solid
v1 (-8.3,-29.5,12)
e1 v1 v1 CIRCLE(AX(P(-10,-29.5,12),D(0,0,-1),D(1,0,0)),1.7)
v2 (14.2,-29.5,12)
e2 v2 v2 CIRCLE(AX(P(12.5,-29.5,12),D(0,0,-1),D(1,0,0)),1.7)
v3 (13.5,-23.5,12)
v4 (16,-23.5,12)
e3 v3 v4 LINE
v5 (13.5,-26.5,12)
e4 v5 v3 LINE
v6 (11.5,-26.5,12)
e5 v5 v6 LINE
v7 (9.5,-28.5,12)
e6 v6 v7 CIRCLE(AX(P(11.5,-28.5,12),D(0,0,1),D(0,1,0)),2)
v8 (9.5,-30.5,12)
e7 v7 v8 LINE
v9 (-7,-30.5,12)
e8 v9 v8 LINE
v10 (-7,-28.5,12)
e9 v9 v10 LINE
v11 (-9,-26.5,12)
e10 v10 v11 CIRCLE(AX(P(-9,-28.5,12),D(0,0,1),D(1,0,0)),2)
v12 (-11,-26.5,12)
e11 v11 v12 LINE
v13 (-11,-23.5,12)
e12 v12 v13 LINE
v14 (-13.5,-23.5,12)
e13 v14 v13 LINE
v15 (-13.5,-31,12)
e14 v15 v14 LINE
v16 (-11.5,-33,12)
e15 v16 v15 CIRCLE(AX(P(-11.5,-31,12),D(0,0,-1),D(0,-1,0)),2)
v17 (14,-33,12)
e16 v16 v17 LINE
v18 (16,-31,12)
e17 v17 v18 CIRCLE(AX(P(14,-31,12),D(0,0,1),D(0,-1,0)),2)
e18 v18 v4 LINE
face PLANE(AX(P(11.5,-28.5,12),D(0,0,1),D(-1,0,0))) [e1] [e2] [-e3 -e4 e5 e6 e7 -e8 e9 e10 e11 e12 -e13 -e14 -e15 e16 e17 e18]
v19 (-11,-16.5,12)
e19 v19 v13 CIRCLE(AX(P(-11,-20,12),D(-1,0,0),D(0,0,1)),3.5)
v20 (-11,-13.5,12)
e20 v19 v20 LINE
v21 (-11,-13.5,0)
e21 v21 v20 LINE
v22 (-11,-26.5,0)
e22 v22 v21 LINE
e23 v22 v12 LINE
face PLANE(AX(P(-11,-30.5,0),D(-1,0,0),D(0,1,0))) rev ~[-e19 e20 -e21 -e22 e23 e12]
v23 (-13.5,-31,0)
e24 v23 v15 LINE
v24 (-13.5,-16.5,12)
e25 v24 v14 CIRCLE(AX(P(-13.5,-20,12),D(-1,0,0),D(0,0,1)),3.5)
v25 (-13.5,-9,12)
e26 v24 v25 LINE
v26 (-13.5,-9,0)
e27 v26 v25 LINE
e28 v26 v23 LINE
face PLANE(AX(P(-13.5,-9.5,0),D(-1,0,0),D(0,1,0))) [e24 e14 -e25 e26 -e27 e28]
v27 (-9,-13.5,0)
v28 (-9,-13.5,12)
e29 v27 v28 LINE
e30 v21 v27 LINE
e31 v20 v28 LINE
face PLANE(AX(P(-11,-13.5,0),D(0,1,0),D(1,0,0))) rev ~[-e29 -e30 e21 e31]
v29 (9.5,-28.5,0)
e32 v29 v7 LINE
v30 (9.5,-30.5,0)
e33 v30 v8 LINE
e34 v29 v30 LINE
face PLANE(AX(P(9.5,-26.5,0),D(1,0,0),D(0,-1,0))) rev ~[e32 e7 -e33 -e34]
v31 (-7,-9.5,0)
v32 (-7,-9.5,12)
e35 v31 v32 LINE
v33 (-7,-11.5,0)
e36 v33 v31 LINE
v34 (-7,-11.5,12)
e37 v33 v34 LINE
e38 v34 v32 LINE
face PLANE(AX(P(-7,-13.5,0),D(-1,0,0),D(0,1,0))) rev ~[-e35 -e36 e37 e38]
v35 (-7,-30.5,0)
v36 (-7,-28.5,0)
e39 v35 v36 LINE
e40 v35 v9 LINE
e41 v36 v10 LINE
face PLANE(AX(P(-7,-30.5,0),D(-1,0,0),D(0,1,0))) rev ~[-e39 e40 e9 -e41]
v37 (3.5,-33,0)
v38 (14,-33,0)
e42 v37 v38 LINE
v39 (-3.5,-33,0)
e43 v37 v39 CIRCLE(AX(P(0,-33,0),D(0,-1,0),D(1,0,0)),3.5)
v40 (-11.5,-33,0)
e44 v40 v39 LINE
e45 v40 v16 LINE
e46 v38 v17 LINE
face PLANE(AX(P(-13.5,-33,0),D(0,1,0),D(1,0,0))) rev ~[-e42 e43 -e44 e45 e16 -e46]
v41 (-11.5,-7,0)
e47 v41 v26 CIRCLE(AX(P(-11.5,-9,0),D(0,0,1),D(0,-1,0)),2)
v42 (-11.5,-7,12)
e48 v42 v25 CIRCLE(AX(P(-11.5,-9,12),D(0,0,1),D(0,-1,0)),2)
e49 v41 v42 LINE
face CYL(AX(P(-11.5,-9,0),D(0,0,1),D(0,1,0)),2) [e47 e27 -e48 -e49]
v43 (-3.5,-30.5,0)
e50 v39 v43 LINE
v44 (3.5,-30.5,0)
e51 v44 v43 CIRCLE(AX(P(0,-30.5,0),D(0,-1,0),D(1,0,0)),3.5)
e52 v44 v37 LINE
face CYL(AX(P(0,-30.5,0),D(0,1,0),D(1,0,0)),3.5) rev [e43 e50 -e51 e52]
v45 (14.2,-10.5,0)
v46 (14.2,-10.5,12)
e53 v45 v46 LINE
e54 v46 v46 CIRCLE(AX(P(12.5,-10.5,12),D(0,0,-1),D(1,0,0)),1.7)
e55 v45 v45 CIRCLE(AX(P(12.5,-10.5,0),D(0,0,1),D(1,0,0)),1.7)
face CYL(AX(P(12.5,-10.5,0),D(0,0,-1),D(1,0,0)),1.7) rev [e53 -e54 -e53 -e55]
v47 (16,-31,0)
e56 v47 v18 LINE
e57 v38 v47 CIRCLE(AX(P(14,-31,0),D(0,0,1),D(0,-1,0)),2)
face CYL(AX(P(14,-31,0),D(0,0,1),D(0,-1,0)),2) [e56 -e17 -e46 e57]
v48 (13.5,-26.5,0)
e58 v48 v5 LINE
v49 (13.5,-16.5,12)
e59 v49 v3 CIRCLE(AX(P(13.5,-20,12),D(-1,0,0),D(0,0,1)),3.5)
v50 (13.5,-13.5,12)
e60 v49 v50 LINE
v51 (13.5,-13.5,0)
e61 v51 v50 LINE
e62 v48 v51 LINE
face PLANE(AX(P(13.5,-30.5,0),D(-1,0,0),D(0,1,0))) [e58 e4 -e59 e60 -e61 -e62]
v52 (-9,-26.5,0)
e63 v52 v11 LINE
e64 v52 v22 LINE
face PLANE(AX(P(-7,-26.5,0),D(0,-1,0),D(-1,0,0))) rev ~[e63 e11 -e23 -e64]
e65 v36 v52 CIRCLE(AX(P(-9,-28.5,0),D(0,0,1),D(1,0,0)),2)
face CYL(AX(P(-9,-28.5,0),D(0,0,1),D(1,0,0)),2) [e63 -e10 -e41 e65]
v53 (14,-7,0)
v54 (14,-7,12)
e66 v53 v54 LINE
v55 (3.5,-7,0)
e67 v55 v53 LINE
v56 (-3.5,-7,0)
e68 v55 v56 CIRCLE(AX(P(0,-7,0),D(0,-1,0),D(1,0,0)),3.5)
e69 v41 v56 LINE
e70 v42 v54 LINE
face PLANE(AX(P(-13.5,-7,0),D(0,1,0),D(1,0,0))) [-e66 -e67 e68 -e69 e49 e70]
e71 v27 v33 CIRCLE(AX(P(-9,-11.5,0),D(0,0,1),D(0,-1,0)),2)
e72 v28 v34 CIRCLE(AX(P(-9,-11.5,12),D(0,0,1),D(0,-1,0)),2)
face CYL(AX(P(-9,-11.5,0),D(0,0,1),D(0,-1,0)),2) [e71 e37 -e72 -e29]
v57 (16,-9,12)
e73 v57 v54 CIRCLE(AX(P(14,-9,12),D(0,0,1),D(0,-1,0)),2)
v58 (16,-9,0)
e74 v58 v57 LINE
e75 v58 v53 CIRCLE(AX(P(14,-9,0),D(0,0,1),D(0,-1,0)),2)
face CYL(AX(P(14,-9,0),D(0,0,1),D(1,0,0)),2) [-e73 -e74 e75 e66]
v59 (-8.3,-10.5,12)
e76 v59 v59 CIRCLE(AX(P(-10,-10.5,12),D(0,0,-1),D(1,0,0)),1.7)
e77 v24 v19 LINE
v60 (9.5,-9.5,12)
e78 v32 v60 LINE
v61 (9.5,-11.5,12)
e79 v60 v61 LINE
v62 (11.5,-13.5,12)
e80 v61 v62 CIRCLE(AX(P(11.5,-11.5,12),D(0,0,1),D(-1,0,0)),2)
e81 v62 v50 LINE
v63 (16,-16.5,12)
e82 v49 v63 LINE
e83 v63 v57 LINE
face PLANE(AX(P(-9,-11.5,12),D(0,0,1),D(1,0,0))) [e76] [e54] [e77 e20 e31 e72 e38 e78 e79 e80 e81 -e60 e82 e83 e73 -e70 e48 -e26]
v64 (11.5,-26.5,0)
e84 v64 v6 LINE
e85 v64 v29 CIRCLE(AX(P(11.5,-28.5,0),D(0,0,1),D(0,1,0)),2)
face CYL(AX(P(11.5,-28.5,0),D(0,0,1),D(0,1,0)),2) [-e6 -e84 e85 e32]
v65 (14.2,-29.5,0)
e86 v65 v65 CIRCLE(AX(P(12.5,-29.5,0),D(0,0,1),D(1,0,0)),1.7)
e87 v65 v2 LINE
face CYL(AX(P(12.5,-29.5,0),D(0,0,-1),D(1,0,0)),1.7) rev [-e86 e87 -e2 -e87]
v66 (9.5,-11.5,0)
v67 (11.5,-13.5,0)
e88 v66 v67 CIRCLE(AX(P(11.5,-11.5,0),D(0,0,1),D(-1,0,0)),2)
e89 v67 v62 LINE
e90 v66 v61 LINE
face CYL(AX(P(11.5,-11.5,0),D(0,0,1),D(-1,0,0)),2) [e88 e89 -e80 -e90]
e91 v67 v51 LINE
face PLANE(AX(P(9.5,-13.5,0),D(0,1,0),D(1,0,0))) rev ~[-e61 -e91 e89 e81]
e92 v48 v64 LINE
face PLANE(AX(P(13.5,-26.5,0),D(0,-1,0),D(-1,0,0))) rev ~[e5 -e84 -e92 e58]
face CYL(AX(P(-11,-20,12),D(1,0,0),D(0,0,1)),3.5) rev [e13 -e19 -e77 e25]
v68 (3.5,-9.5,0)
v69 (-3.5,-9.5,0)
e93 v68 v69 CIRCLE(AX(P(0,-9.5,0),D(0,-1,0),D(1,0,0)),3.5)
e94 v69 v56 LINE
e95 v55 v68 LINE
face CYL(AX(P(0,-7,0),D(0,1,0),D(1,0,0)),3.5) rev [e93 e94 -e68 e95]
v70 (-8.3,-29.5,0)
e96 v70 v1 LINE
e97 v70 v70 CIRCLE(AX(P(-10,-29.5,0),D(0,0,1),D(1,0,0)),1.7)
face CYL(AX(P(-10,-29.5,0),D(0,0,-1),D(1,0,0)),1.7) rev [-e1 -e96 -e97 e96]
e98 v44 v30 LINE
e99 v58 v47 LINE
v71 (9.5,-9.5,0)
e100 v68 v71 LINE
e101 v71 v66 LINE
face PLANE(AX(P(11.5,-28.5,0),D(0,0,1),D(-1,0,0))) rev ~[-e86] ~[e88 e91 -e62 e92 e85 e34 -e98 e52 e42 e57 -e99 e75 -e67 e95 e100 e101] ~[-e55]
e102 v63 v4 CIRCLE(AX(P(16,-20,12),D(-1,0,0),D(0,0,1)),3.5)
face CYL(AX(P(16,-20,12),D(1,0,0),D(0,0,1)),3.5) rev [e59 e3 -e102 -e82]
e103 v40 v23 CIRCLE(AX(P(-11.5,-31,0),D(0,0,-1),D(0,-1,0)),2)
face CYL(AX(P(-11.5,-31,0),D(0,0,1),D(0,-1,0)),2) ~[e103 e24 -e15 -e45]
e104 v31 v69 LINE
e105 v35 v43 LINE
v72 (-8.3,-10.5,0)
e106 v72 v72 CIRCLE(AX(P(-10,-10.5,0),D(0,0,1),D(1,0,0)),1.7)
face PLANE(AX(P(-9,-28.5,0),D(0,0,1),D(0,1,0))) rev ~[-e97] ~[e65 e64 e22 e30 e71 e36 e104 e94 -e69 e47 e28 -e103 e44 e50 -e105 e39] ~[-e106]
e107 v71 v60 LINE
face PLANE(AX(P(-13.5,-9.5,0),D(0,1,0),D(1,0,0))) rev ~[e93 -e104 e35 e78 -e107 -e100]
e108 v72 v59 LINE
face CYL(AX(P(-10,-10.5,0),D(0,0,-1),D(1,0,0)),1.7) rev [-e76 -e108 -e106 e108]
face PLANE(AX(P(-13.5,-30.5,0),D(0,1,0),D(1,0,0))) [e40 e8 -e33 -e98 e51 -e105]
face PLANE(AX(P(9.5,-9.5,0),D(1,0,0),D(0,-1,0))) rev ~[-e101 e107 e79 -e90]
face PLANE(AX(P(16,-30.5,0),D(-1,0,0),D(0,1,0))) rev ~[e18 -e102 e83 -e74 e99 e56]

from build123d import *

# Parameters (mm, degrees)
CYLINDER135_R             = 1.7
CYLINDER135_DEPTH         = 16
CYLINDER136_R             = 1.7
CYLINDER136_DEPTH         = 16
CYLINDER137_R             = 1.7
CYLINDER137_DEPTH         = 16
CYLINDER138_R             = 1.7
CYLINDER138_DEPTH         = 16
CYLINDER083_R             = 3.5
CYLINDER083_DEPTH         = 2.5
BOX028_W                  = 29.5
BOX028_H                  = 2.5
BOX028_DEPTH              = 12
CYLINDER085_R             = 3.5
CYLINDER085_DEPTH         = 2.5
BOX034_W                  = 29.5
BOX034_H                  = 2.5
BOX034_DEPTH              = 12
CYLINDER086_R             = 3.5
CYLINDER086_DEPTH         = 2.5
BOX018_W                  = 2.5
BOX018_H                  = 21
BOX018_DEPTH              = 12
BOX042_W                  = 4
BOX042_H                  = 4
BOX042_DEPTH              = 12
FILLET002_R               = 2
FILLET002_PLACEMENT_ANGLE = 90
BOX040_W                  = 4
BOX040_H                  = 4
BOX040_DEPTH              = 12
FILLET_R                  = 2
BOX041_W                  = 4
BOX041_H                  = 4
BOX041_DEPTH              = 12
FILLET001_R               = 2
FILLET001_PLACEMENT_ANGLE = 90
BOX043_W                  = 4
BOX043_H                  = 4
BOX043_DEPTH              = 12
FILLET003_R               = 2
FILLET003_PLACEMENT_ANGLE = 180
CYLINDER129_R             = 3.5
CYLINDER129_DEPTH         = 2.5
BOX070_W                  = 2.5
BOX070_H                  = 21
BOX070_DEPTH              = 12
FILLET008_R               = 2


with BuildPart() as cylinder135:
    # Cylinder135 → Cylinder135 (new body)
    with BuildSketch(Plane(origin=(-10, -10.5, 0), x_dir=(1, 0, 0), z_dir=(0, 0, 1))):
        Circle(CYLINDER135_R)
    extrude(amount=CYLINDER135_DEPTH)


with BuildPart() as cylinder136:
    # Cylinder136 → Cylinder136 (new body)
    with BuildSketch(Plane(origin=(-10, -29.5, 0), x_dir=(1, 0, 0), z_dir=(0, 0, 1))):
        Circle(CYLINDER136_R)
    extrude(amount=CYLINDER136_DEPTH)


with BuildPart() as cylinder137:
    # Cylinder137 → Cylinder137 (new body)
    with BuildSketch(Plane(origin=(12.5, -10.5, 0), x_dir=(1, 0, 0), z_dir=(0, 0, 1))):
        Circle(CYLINDER137_R)
    extrude(amount=CYLINDER137_DEPTH)


with BuildPart() as fusion099:
    # Cylinder138 → Cylinder138 (new body)
    with BuildSketch(Plane(origin=(12.5, -29.5, 0), x_dir=(1, 0, 0), z_dir=(0, 0, 1))):
        Circle(CYLINDER138_R)
    extrude(amount=CYLINDER138_DEPTH)

    # Fusion099: union Cylinder135, Cylinder136, Cylinder137
    add(cylinder135.part)
    add(cylinder136.part)
    add(cylinder137.part)


with BuildPart() as cylinder083:
    # Cylinder083 → Cylinder083 (new body)
    with BuildSketch(Plane.XZ.offset(55.5)):
        Circle(CYLINDER083_R)
    extrude(amount=CYLINDER083_DEPTH)


with BuildPart() as cut037:
    # Box028 → Box028 (new body)
    with BuildSketch(Plane(origin=(-13.5, -58, 0), x_dir=(1, 0, 0), z_dir=(0, 0, 1))):
        with Locations((14.75, 1.25)):
            Rectangle(BOX028_W, BOX028_H)
    extrude(amount=BOX028_DEPTH)

    # Cut037: cut Cylinder083
    add(cylinder083.part, mode=Mode.SUBTRACT)


with BuildPart() as cut037_1:
    # Cut037 placement: moved
    add(cut037.part.moved(Location((0, 25, 0))))


with BuildPart() as cylinder085:
    # Cylinder085 → Cylinder085 (new body)
    with BuildSketch(Plane.XZ.offset(55.5)):
        Circle(CYLINDER085_R)
    extrude(amount=CYLINDER085_DEPTH)


with BuildPart() as cut039:
    # Box034 → Box034 (new body)
    with BuildSketch(Plane(origin=(-13.5, -58, 0), x_dir=(1, 0, 0), z_dir=(0, 0, 1))):
        with Locations((14.75, 1.25)):
            Rectangle(BOX034_W, BOX034_H)
    extrude(amount=BOX034_DEPTH)

    # Cut039: cut Cylinder085
    add(cylinder085.part, mode=Mode.SUBTRACT)


with BuildPart() as cut039_1:
    # Cut039 placement: moved
    add(cut039.part.moved(Location((0, 48.5, 0))))


with BuildPart() as cylinder086:
    # Cylinder086 → Cylinder086 (new body)
    with BuildSketch(Plane(origin=(-11, -20, 12), x_dir=(0, 0, 1), z_dir=(-1, 0, 0))):
        Circle(CYLINDER086_R)
    extrude(amount=CYLINDER086_DEPTH)


with BuildPart() as cut075:
    # Box018 → Box018 (new body)
    with BuildSketch(Plane(origin=(-13.5, -30.5, 0), x_dir=(1, 0, 0), z_dir=(0, 0, 1))):
        with Locations((1.25, 10.5)):
            Rectangle(BOX018_W, BOX018_H)
    extrude(amount=BOX018_DEPTH)

    # Cut075: cut Cylinder086
    add(cylinder086.part, mode=Mode.SUBTRACT)


with BuildPart() as cut075_1:
    # Cut075 placement: moved
    add(cut075.part.moved(Location((27, 0, 0))))


with BuildPart() as fillet002:
    # Box042 → Box042 (new body)
    with BuildSketch(Plane(origin=(-11, -39, 0), x_dir=(1, 0, 0), z_dir=(0, 0, 1))):
        with Locations((2, 2)):
            Rectangle(BOX042_W, BOX042_H)
    extrude(amount=BOX042_DEPTH)

    # Fillet002
    fillet002_edges = [fillet002.edges().sort_by_distance(p)[0] for p in [
        (-7, -39, 6),
    ]]
    fillet(fillet002_edges, radius=FILLET002_R)


with BuildPart() as fillet002_1:
    # Fillet002 placement: moved
    add(fillet002.part.moved(Location((48.5, -20.5, 0))).rotate(Axis((48.5, -20.5, 0), (0, 0, -1)), FILLET002_PLACEMENT_ANGLE))


with BuildPart() as fillet_body:
    # Box040 → Box040 (new body)
    with BuildSketch(Plane(origin=(-11, -39, 0), x_dir=(1, 0, 0), z_dir=(0, 0, 1))):
        with Locations((2, 2)):
            Rectangle(BOX040_W, BOX040_H)
    extrude(amount=BOX040_DEPTH)

    # Fillet
    fillet_edges = [fillet_body.edges().sort_by_distance(p)[0] for p in [
        (-7, -39, 6),
    ]]
    fillet(fillet_edges, radius=FILLET_R)


with BuildPart() as fillet_body_1:
    # Fillet placement: moved
    add(fillet_body.part.moved(Location((0, 25.5, 0))))


with BuildPart() as fillet001:
    # Box041 → Box041 (new body)
    with BuildSketch(Plane(origin=(-11, -39, 0), x_dir=(1, 0, 0), z_dir=(0, 0, 1))):
        with Locations((2, 2)):
            Rectangle(BOX041_W, BOX041_H)
    extrude(amount=BOX041_DEPTH)

    # Fillet001
    fillet001_edges = [fillet001.edges().sort_by_distance(p)[0] for p in [
        (-7, -39, 6),
    ]]
    fillet(fillet001_edges, radius=FILLET001_R)


with BuildPart() as fillet001_1:
    # Fillet001 placement: moved
    add(fillet001.part.moved(Location((-46, -19.5, 0))).rotate(Axis((-46, -19.5, 0), (0, 0, 1)), FILLET001_PLACEMENT_ANGLE))


with BuildPart() as fillet003:
    # Box043 → Box043 (new body)
    with BuildSketch(Plane(origin=(-11, -39, 0), x_dir=(1, 0, 0), z_dir=(0, 0, 1))):
        with Locations((2, 2)):
            Rectangle(BOX043_W, BOX043_H)
    extrude(amount=BOX043_DEPTH)

    # Fillet003
    fillet003_edges = [fillet003.edges().sort_by_distance(p)[0] for p in [
        (-7, -39, 6),
    ]]
    fillet(fillet003_edges, radius=FILLET003_R)


with BuildPart() as fillet003_1:
    # Fillet003 placement: moved
    add(fillet003.part.moved(Location((2.5, -65.5, 0))).rotate(Axis((2.5, -65.5, 0), (0, 0, 1)), FILLET003_PLACEMENT_ANGLE))


with BuildPart() as cylinder129:
    # Cylinder129 → Cylinder129 (new body)
    with BuildSketch(Plane(origin=(-11, -20, 12), x_dir=(0, 0, 1), z_dir=(-1, 0, 0))):
        Circle(CYLINDER129_R)
    extrude(amount=CYLINDER129_DEPTH)


with BuildPart() as fillet008:
    # Box070 → Box070 (new body)
    with BuildSketch(Plane(origin=(-13.5, -30.5, 0), x_dir=(1, 0, 0), z_dir=(0, 0, 1))):
        with Locations((1.25, 10.5)):
            Rectangle(BOX070_W, BOX070_H)
    extrude(amount=BOX070_DEPTH)

    # Cut077: cut Cylinder129
    add(cylinder129.part, mode=Mode.SUBTRACT)

    # Fusion106: union Cut037, Cut039, Cut075, Fillet002, Fillet body, Fillet001, Fillet003
    add(cut037_1.part)
    add(cut039_1.part)
    add(cut075_1.part)
    add(fillet002_1.part)
    add(fillet_body_1.part)
    add(fillet001_1.part)
    add(fillet003_1.part)

    # Cut084: cut Fusion099
    add(fusion099.part, mode=Mode.SUBTRACT)

    # Fillet008
    fillet008_edges = [fillet008.edges().sort_by_distance(p)[0] for p in [
        (-13.5, -7, 6),
        (-13.5, -33, 6),
        (16, -7, 6),
        (16, -33, 6),
    ]]
    fillet(fillet008_edges, radius=FILLET008_R)


solid = fillet008.part
